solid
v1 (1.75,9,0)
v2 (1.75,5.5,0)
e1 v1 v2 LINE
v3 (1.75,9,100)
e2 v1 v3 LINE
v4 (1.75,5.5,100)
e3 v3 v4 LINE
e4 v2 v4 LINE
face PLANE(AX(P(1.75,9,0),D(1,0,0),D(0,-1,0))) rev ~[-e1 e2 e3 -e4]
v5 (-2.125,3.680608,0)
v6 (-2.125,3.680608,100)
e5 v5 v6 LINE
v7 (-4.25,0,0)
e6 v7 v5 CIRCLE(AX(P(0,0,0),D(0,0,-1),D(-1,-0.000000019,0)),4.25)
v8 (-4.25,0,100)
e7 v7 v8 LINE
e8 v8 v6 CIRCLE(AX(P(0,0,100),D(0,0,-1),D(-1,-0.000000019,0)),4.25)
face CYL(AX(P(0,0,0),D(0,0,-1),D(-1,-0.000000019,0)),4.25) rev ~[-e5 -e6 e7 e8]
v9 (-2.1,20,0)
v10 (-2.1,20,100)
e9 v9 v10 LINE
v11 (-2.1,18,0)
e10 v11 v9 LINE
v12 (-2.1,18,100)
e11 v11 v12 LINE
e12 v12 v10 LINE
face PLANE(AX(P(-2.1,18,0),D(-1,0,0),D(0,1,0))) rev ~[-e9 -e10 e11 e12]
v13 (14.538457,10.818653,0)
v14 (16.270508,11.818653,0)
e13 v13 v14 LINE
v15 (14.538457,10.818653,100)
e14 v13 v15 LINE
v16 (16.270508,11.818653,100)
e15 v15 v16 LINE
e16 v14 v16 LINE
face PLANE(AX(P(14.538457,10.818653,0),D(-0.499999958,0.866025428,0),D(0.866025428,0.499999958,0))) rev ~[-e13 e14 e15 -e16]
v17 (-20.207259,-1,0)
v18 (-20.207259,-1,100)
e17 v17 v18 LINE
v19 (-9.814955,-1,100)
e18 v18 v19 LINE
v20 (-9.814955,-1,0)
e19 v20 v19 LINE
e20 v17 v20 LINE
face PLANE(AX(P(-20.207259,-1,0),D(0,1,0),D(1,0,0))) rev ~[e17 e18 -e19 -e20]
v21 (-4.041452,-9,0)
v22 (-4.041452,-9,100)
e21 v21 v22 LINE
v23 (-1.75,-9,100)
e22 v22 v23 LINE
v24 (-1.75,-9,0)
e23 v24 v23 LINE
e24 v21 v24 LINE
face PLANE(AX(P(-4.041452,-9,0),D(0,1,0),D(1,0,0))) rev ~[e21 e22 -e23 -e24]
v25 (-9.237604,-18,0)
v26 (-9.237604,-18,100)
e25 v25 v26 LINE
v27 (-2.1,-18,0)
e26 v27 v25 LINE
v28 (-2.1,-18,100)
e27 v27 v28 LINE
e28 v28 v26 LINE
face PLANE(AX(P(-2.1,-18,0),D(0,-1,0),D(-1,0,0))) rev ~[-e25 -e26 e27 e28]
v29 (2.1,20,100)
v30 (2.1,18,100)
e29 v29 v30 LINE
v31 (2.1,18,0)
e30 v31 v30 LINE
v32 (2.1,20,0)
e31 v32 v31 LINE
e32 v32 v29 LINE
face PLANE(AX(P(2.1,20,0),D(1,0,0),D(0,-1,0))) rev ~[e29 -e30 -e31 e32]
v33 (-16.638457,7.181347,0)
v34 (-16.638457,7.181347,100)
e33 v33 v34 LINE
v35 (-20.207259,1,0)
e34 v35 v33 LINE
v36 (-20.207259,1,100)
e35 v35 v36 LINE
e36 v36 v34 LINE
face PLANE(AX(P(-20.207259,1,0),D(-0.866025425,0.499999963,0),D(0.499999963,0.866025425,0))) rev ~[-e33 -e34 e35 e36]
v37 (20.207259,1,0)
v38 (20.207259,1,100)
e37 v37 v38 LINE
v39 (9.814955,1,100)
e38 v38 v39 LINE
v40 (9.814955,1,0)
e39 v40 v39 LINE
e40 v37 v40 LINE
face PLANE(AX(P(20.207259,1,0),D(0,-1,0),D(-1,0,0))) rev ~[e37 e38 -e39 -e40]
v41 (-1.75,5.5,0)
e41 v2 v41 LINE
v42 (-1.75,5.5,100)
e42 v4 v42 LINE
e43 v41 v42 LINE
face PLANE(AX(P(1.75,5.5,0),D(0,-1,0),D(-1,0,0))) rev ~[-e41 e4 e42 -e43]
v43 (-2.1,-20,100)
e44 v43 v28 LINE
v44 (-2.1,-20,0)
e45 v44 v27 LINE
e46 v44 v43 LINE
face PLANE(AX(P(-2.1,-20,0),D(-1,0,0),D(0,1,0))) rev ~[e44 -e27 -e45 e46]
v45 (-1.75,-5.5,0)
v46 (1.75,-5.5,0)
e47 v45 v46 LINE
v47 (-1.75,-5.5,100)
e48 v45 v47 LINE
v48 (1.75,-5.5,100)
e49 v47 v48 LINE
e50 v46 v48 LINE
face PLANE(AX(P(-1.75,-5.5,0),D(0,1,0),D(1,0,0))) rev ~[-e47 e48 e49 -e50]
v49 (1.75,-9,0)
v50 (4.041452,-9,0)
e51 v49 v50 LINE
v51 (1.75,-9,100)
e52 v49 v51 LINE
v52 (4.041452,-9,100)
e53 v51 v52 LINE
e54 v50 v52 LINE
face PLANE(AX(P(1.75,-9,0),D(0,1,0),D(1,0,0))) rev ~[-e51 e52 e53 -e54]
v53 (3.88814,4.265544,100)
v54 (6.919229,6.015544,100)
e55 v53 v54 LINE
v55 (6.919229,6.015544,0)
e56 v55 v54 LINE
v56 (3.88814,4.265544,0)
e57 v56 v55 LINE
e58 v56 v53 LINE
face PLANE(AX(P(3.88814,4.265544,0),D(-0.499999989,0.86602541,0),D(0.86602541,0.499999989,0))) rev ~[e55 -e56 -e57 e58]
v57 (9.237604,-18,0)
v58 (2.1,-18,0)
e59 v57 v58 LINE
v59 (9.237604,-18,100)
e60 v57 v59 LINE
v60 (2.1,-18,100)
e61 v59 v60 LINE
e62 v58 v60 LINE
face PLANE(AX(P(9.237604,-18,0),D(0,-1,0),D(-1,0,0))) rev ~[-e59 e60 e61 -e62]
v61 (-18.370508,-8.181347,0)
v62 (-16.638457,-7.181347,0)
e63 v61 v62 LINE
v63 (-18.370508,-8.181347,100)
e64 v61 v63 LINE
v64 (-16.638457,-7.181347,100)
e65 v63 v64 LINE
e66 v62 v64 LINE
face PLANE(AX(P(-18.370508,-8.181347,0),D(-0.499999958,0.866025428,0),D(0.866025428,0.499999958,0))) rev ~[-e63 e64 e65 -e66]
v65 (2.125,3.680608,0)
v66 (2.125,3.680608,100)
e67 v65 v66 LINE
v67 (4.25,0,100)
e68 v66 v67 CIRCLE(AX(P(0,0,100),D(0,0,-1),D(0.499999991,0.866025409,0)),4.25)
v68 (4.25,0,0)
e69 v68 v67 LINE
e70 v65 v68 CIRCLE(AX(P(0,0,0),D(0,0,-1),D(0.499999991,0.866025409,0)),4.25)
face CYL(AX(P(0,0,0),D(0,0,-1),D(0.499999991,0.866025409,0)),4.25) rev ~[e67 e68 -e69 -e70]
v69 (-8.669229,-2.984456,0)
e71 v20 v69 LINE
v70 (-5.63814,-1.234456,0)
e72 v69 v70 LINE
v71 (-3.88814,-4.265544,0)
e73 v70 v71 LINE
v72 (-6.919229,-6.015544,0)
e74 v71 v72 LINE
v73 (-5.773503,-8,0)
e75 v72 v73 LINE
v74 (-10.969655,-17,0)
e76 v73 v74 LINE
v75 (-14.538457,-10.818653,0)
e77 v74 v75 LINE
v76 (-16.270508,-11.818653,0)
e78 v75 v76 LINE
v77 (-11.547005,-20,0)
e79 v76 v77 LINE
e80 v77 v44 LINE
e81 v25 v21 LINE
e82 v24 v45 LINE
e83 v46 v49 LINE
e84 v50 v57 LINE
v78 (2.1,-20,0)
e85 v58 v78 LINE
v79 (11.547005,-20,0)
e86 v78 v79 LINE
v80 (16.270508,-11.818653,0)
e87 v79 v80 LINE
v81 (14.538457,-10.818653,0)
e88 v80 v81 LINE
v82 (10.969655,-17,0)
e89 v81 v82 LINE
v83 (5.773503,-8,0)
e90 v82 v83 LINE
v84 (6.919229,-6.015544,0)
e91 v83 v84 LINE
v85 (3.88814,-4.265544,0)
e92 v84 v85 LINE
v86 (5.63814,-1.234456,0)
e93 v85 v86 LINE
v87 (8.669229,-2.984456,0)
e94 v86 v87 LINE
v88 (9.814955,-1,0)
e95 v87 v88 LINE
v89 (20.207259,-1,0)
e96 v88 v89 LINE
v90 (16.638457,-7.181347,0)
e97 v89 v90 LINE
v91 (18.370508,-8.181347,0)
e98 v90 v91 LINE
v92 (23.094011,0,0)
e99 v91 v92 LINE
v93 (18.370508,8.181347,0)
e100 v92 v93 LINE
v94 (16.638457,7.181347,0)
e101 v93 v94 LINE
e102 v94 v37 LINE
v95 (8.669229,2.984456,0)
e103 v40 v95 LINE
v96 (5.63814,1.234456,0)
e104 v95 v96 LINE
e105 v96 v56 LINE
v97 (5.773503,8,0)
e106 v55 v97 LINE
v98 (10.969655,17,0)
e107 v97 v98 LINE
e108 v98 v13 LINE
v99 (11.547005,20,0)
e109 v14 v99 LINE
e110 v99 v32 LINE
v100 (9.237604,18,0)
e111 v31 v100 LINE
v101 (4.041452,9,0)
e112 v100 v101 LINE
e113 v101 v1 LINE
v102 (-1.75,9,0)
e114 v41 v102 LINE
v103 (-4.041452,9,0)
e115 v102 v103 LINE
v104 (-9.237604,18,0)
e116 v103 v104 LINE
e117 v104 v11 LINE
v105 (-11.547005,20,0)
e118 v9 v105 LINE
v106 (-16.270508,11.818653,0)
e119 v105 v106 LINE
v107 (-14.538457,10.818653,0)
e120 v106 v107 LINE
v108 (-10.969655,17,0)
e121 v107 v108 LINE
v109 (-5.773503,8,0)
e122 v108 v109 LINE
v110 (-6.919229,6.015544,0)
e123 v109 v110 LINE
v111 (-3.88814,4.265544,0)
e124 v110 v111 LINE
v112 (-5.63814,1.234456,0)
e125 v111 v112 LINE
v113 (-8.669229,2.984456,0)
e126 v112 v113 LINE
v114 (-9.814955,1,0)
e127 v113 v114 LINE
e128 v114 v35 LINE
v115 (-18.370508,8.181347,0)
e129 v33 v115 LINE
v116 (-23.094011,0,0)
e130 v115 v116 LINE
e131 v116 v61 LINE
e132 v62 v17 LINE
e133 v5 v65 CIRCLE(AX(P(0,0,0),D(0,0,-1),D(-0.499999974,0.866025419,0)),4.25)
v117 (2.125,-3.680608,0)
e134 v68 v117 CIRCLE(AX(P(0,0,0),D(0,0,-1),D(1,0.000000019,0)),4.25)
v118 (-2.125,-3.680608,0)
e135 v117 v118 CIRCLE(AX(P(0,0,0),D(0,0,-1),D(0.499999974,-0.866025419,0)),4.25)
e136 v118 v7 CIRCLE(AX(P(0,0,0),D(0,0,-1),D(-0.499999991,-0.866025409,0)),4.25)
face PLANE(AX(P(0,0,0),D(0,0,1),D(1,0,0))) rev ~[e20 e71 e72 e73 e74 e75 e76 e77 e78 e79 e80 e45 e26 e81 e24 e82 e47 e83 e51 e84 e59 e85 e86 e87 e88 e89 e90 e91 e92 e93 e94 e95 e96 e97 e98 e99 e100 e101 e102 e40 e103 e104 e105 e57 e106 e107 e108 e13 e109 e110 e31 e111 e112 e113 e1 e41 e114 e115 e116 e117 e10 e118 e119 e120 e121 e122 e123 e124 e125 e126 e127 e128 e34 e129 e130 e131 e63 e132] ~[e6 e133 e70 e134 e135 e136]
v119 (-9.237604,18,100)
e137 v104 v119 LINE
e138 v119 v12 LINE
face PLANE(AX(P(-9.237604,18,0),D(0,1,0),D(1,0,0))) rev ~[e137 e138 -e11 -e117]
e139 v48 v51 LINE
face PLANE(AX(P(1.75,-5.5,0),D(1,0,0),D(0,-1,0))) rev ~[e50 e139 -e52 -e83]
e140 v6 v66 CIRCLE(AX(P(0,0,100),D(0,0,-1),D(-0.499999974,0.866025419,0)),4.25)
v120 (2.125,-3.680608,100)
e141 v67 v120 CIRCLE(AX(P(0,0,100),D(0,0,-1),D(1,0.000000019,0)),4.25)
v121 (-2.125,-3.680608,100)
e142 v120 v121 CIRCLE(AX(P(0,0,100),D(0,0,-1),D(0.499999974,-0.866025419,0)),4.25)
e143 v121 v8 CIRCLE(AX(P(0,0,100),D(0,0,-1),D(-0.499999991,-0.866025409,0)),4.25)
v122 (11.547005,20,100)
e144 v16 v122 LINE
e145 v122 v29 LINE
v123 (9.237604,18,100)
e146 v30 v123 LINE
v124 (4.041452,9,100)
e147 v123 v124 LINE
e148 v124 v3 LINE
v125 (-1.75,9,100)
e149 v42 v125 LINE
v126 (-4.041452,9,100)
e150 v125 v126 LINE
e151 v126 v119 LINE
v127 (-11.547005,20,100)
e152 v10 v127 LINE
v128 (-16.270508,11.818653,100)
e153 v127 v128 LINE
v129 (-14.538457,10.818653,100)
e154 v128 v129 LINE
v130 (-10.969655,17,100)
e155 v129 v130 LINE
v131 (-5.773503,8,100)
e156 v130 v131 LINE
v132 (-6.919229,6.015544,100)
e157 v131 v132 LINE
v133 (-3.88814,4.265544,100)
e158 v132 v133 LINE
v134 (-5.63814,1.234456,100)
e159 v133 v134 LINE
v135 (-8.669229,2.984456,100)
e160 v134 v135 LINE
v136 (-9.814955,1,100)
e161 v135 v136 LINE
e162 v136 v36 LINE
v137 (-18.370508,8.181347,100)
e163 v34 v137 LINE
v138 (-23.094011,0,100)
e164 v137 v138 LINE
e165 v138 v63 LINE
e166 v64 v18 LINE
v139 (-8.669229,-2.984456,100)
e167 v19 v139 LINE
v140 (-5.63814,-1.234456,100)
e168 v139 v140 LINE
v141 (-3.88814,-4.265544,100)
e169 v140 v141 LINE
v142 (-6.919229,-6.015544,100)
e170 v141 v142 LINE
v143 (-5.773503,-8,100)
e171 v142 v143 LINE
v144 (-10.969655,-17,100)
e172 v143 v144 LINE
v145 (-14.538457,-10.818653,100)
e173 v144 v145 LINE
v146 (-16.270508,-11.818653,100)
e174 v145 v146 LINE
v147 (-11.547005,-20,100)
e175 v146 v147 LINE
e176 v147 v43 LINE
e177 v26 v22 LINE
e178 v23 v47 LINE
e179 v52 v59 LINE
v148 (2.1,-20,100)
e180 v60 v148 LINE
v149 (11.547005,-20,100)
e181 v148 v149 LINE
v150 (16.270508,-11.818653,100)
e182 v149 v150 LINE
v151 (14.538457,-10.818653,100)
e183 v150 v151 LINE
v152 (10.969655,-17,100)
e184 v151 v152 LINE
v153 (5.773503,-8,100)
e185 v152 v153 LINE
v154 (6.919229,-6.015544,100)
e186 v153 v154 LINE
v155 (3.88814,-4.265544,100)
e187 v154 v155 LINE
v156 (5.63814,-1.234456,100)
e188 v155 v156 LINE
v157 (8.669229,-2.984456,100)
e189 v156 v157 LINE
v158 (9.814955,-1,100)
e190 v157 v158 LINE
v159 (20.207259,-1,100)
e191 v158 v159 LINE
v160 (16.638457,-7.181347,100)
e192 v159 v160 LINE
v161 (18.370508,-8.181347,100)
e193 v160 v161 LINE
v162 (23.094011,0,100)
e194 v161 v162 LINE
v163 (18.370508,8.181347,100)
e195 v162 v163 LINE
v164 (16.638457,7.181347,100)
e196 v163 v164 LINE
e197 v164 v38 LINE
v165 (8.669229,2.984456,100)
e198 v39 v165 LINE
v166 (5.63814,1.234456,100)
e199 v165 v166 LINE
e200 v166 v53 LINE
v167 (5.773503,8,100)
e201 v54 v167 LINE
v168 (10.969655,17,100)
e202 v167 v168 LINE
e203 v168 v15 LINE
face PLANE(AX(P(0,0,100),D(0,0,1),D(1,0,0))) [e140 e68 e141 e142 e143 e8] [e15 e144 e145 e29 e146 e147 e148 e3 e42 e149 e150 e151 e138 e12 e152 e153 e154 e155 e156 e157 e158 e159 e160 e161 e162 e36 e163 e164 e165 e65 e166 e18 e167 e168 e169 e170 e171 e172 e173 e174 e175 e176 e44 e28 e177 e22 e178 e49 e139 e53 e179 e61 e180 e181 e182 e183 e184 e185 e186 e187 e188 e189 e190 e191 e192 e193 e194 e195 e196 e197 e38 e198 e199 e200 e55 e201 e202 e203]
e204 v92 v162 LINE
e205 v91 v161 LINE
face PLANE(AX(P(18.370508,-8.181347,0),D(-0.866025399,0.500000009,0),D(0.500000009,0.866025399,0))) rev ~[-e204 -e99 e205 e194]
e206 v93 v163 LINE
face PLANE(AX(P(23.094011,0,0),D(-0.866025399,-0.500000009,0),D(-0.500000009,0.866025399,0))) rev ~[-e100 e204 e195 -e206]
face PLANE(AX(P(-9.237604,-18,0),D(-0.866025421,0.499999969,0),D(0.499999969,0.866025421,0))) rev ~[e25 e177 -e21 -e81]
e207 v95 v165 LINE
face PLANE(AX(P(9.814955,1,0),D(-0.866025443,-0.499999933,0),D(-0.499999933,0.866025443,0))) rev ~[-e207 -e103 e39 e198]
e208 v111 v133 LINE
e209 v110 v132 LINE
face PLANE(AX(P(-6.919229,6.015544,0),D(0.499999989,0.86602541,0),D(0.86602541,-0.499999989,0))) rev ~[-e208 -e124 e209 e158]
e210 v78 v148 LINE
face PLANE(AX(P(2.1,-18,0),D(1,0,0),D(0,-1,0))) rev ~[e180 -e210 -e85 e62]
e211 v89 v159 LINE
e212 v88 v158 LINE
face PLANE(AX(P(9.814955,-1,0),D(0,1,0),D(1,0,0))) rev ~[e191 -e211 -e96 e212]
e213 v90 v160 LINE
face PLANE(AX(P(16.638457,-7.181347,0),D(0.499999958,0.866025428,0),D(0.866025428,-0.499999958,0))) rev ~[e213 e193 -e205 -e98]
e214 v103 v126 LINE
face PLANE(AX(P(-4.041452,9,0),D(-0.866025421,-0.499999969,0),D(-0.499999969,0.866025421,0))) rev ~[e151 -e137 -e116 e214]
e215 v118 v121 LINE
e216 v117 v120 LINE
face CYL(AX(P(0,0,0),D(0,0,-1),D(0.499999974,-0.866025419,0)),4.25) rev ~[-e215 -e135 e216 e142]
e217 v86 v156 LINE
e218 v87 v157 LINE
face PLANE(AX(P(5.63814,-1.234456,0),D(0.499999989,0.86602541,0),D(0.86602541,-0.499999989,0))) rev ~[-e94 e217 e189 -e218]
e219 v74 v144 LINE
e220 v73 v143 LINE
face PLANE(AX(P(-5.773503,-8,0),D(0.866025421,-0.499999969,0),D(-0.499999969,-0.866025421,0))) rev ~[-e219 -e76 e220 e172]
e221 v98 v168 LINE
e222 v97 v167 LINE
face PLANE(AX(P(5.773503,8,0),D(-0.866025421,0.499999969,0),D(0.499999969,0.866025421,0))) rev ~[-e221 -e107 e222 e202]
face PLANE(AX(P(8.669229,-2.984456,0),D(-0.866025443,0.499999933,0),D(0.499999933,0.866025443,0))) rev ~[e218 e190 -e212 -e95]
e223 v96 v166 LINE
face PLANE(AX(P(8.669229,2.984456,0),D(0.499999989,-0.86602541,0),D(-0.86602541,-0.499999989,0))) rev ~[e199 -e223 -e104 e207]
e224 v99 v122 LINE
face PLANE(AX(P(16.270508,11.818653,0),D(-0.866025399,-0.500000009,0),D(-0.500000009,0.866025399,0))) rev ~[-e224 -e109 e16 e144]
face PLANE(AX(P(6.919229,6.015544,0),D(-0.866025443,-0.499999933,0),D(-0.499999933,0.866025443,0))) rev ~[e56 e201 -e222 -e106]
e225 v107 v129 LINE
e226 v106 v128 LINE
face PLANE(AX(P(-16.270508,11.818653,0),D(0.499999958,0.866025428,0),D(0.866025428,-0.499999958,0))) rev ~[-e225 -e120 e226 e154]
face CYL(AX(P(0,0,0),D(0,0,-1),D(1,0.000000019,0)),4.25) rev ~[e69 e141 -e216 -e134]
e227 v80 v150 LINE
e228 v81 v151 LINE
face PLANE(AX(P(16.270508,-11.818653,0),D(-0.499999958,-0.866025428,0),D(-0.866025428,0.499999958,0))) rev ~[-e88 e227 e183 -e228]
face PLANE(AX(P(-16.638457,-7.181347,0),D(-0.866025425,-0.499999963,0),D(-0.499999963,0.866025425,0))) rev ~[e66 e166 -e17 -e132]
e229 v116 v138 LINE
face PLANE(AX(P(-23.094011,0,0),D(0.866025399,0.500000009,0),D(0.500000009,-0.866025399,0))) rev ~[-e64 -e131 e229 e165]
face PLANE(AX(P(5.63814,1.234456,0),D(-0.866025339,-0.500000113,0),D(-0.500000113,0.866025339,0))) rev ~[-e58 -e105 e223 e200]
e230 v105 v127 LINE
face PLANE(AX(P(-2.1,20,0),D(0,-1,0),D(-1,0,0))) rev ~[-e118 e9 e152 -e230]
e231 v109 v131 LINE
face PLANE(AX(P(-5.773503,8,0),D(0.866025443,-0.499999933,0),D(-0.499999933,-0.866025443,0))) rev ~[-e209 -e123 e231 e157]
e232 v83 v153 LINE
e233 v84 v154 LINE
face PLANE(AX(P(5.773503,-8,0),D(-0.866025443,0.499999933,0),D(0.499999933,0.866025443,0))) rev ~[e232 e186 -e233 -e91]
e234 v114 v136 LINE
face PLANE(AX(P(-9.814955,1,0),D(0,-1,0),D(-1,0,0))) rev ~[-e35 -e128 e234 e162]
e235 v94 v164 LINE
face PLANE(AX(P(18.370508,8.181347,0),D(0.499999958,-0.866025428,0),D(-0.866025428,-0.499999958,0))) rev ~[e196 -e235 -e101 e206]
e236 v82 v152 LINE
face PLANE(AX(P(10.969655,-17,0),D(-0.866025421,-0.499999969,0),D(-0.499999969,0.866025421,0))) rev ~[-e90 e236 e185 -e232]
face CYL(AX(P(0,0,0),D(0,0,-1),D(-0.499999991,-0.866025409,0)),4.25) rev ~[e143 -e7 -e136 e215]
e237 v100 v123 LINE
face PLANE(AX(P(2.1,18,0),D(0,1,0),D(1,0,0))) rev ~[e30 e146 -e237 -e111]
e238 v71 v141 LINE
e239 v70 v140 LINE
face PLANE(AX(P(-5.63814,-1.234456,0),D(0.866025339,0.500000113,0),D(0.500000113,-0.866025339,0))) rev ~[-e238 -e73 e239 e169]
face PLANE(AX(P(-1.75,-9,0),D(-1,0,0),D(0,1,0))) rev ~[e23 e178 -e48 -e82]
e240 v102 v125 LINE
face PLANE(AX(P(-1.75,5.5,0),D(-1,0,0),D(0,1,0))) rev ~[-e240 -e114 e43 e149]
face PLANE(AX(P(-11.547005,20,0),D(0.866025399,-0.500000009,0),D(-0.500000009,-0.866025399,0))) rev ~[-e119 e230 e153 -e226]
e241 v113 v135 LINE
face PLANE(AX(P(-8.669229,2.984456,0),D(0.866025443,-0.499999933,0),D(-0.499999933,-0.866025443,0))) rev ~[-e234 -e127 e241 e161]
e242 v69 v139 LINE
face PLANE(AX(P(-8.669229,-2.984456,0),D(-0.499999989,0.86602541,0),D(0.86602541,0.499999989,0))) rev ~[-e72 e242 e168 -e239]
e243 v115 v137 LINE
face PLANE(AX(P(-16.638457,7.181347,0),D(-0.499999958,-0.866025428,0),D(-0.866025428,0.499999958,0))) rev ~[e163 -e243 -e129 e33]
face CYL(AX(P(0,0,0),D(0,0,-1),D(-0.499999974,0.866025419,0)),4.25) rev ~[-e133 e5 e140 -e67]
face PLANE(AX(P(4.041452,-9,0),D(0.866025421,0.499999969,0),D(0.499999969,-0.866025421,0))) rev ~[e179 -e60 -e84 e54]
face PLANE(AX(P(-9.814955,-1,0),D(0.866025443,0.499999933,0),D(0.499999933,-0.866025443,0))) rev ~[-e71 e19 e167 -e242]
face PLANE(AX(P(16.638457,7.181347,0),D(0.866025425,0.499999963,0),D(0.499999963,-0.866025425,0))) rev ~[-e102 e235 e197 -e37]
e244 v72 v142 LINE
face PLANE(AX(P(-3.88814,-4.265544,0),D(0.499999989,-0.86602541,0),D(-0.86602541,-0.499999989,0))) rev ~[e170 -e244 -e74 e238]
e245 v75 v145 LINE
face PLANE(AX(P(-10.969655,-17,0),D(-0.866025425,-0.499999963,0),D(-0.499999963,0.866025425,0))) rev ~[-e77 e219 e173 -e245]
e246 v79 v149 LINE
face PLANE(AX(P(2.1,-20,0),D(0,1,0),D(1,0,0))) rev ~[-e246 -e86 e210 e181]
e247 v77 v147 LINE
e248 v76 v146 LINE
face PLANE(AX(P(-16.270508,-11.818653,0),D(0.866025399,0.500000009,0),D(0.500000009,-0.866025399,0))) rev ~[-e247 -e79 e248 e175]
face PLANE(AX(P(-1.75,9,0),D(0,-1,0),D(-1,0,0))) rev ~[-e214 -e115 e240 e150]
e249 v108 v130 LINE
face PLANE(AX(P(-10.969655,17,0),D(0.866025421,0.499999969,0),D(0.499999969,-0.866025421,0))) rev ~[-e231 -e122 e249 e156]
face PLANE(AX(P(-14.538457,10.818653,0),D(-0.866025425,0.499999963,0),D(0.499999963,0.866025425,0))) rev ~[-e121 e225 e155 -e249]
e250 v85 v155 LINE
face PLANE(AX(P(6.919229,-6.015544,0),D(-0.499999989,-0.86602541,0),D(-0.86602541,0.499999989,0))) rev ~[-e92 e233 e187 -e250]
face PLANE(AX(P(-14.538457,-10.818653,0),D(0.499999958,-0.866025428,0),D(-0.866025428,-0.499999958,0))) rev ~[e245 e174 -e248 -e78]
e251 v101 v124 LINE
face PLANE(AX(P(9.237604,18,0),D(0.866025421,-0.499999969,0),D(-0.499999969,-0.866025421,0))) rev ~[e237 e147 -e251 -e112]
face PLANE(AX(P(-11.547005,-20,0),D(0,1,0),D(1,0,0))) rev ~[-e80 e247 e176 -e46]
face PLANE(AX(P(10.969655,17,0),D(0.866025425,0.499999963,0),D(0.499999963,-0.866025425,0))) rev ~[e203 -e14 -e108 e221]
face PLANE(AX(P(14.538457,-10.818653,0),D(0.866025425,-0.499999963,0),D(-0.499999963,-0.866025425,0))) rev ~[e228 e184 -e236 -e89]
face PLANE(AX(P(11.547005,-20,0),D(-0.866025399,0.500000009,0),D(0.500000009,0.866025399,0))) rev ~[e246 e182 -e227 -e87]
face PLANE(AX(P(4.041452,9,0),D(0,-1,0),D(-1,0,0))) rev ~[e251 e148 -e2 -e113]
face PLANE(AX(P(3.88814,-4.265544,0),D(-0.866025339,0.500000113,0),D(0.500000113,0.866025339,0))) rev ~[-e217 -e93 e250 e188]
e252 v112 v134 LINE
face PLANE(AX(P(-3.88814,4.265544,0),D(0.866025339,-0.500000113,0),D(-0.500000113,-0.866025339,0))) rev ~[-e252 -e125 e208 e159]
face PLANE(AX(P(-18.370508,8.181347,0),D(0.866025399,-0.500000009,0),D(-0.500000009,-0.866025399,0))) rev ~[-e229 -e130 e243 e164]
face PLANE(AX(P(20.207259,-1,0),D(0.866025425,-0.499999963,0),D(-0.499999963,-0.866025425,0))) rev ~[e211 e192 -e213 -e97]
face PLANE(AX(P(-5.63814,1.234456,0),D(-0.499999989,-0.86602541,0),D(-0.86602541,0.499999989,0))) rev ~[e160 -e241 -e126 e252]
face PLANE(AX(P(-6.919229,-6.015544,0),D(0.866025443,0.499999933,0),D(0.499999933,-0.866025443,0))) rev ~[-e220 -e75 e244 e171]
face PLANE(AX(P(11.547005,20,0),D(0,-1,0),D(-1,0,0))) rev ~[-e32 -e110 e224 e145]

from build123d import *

# Parameters (mm, degrees)
F1_DEPTH = 100


with BuildPart() as f1:
    # F0 (on Top) → F1 (new body)
    with BuildSketch(Plane.XY):
        Polygon((16.270508, 11.818653), (11.547005, 20), (2.1, 20), (2.1, 18), (9.237604, 18), (4.041452, 9), (1.75, 9), (1.75, 5.5), (-1.75, 5.5), (-1.75, 9), (-4.041452, 9), (-9.237604, 18), (-2.1, 18), (-2.1, 20), (-11.547005, 20), (-16.270508, 11.818653), (-14.538457, 10.818653), (-10.969655, 17), (-5.773503, 8), (-6.919229, 6.015544), (-3.88814, 4.265544), (-5.63814, 1.234456), (-8.669229, 2.984456), (-9.814955, 1), (-20.207259, 1), (-16.638457, 7.181347), (-18.370508, 8.181347), (-23.094011, 0), (-18.370508, -8.181347), (-16.638457, -7.181347), (-20.207259, -1), (-9.814955, -1), (-8.669229, -2.984456), (-5.63814, -1.234456), (-3.88814, -4.265544), (-6.919229, -6.015544), (-5.773503, -8), (-10.969655, -17), (-14.538457, -10.818653), (-16.270508, -11.818653), (-11.547005, -20), (-2.1, -20), (-2.1, -18), (-9.237604, -18), (-4.041452, -9), (-1.75, -9), (-1.75, -5.5), (1.75, -5.5), (1.75, -9), (4.041452, -9), (9.237604, -18), (2.1, -18), (2.1, -20), (11.547005, -20), (16.270508, -11.818653), (14.538457, -10.818653), (10.969655, -17), (5.773503, -8), (6.919229, -6.015544), (3.88814, -4.265544), (5.63814, -1.234456), (8.669229, -2.984456), (9.814955, -1), (20.207259, -1), (16.638457, -7.181347), (18.370508, -8.181347), (23.094011, 0), (18.370508, 8.181347), (16.638457, 7.181347), (20.207259, 1), (9.814955, 1), (8.669229, 2.984456), (5.63814, 1.234456), (3.88814, 4.265544), (6.919229, 6.015544), (5.773503, 8), (10.969655, 17), (14.538457, 10.818653), align=None)
        with BuildLine():
            ThreePointArc((-2.125, 3.680608), (0, 4.25), (2.125, 3.680608))
            ThreePointArc((2.125, 3.680608), (3.680608, 2.125), (4.25, 0))
            ThreePointArc((4.25, 0), (3.680608, -2.125), (2.125, -3.680608))
            ThreePointArc((2.125, -3.680608), (0, -4.25), (-2.125, -3.680608))
            ThreePointArc((-2.125, -3.680608), (-3.680608, -2.125), (-4.25, 0))
            ThreePointArc((-4.25, 0), (-3.680608, 2.125), (-2.125, 3.680608))
        make_face(mode=Mode.SUBTRACT)
    extrude(amount=F1_DEPTH)


solid = f1.part
